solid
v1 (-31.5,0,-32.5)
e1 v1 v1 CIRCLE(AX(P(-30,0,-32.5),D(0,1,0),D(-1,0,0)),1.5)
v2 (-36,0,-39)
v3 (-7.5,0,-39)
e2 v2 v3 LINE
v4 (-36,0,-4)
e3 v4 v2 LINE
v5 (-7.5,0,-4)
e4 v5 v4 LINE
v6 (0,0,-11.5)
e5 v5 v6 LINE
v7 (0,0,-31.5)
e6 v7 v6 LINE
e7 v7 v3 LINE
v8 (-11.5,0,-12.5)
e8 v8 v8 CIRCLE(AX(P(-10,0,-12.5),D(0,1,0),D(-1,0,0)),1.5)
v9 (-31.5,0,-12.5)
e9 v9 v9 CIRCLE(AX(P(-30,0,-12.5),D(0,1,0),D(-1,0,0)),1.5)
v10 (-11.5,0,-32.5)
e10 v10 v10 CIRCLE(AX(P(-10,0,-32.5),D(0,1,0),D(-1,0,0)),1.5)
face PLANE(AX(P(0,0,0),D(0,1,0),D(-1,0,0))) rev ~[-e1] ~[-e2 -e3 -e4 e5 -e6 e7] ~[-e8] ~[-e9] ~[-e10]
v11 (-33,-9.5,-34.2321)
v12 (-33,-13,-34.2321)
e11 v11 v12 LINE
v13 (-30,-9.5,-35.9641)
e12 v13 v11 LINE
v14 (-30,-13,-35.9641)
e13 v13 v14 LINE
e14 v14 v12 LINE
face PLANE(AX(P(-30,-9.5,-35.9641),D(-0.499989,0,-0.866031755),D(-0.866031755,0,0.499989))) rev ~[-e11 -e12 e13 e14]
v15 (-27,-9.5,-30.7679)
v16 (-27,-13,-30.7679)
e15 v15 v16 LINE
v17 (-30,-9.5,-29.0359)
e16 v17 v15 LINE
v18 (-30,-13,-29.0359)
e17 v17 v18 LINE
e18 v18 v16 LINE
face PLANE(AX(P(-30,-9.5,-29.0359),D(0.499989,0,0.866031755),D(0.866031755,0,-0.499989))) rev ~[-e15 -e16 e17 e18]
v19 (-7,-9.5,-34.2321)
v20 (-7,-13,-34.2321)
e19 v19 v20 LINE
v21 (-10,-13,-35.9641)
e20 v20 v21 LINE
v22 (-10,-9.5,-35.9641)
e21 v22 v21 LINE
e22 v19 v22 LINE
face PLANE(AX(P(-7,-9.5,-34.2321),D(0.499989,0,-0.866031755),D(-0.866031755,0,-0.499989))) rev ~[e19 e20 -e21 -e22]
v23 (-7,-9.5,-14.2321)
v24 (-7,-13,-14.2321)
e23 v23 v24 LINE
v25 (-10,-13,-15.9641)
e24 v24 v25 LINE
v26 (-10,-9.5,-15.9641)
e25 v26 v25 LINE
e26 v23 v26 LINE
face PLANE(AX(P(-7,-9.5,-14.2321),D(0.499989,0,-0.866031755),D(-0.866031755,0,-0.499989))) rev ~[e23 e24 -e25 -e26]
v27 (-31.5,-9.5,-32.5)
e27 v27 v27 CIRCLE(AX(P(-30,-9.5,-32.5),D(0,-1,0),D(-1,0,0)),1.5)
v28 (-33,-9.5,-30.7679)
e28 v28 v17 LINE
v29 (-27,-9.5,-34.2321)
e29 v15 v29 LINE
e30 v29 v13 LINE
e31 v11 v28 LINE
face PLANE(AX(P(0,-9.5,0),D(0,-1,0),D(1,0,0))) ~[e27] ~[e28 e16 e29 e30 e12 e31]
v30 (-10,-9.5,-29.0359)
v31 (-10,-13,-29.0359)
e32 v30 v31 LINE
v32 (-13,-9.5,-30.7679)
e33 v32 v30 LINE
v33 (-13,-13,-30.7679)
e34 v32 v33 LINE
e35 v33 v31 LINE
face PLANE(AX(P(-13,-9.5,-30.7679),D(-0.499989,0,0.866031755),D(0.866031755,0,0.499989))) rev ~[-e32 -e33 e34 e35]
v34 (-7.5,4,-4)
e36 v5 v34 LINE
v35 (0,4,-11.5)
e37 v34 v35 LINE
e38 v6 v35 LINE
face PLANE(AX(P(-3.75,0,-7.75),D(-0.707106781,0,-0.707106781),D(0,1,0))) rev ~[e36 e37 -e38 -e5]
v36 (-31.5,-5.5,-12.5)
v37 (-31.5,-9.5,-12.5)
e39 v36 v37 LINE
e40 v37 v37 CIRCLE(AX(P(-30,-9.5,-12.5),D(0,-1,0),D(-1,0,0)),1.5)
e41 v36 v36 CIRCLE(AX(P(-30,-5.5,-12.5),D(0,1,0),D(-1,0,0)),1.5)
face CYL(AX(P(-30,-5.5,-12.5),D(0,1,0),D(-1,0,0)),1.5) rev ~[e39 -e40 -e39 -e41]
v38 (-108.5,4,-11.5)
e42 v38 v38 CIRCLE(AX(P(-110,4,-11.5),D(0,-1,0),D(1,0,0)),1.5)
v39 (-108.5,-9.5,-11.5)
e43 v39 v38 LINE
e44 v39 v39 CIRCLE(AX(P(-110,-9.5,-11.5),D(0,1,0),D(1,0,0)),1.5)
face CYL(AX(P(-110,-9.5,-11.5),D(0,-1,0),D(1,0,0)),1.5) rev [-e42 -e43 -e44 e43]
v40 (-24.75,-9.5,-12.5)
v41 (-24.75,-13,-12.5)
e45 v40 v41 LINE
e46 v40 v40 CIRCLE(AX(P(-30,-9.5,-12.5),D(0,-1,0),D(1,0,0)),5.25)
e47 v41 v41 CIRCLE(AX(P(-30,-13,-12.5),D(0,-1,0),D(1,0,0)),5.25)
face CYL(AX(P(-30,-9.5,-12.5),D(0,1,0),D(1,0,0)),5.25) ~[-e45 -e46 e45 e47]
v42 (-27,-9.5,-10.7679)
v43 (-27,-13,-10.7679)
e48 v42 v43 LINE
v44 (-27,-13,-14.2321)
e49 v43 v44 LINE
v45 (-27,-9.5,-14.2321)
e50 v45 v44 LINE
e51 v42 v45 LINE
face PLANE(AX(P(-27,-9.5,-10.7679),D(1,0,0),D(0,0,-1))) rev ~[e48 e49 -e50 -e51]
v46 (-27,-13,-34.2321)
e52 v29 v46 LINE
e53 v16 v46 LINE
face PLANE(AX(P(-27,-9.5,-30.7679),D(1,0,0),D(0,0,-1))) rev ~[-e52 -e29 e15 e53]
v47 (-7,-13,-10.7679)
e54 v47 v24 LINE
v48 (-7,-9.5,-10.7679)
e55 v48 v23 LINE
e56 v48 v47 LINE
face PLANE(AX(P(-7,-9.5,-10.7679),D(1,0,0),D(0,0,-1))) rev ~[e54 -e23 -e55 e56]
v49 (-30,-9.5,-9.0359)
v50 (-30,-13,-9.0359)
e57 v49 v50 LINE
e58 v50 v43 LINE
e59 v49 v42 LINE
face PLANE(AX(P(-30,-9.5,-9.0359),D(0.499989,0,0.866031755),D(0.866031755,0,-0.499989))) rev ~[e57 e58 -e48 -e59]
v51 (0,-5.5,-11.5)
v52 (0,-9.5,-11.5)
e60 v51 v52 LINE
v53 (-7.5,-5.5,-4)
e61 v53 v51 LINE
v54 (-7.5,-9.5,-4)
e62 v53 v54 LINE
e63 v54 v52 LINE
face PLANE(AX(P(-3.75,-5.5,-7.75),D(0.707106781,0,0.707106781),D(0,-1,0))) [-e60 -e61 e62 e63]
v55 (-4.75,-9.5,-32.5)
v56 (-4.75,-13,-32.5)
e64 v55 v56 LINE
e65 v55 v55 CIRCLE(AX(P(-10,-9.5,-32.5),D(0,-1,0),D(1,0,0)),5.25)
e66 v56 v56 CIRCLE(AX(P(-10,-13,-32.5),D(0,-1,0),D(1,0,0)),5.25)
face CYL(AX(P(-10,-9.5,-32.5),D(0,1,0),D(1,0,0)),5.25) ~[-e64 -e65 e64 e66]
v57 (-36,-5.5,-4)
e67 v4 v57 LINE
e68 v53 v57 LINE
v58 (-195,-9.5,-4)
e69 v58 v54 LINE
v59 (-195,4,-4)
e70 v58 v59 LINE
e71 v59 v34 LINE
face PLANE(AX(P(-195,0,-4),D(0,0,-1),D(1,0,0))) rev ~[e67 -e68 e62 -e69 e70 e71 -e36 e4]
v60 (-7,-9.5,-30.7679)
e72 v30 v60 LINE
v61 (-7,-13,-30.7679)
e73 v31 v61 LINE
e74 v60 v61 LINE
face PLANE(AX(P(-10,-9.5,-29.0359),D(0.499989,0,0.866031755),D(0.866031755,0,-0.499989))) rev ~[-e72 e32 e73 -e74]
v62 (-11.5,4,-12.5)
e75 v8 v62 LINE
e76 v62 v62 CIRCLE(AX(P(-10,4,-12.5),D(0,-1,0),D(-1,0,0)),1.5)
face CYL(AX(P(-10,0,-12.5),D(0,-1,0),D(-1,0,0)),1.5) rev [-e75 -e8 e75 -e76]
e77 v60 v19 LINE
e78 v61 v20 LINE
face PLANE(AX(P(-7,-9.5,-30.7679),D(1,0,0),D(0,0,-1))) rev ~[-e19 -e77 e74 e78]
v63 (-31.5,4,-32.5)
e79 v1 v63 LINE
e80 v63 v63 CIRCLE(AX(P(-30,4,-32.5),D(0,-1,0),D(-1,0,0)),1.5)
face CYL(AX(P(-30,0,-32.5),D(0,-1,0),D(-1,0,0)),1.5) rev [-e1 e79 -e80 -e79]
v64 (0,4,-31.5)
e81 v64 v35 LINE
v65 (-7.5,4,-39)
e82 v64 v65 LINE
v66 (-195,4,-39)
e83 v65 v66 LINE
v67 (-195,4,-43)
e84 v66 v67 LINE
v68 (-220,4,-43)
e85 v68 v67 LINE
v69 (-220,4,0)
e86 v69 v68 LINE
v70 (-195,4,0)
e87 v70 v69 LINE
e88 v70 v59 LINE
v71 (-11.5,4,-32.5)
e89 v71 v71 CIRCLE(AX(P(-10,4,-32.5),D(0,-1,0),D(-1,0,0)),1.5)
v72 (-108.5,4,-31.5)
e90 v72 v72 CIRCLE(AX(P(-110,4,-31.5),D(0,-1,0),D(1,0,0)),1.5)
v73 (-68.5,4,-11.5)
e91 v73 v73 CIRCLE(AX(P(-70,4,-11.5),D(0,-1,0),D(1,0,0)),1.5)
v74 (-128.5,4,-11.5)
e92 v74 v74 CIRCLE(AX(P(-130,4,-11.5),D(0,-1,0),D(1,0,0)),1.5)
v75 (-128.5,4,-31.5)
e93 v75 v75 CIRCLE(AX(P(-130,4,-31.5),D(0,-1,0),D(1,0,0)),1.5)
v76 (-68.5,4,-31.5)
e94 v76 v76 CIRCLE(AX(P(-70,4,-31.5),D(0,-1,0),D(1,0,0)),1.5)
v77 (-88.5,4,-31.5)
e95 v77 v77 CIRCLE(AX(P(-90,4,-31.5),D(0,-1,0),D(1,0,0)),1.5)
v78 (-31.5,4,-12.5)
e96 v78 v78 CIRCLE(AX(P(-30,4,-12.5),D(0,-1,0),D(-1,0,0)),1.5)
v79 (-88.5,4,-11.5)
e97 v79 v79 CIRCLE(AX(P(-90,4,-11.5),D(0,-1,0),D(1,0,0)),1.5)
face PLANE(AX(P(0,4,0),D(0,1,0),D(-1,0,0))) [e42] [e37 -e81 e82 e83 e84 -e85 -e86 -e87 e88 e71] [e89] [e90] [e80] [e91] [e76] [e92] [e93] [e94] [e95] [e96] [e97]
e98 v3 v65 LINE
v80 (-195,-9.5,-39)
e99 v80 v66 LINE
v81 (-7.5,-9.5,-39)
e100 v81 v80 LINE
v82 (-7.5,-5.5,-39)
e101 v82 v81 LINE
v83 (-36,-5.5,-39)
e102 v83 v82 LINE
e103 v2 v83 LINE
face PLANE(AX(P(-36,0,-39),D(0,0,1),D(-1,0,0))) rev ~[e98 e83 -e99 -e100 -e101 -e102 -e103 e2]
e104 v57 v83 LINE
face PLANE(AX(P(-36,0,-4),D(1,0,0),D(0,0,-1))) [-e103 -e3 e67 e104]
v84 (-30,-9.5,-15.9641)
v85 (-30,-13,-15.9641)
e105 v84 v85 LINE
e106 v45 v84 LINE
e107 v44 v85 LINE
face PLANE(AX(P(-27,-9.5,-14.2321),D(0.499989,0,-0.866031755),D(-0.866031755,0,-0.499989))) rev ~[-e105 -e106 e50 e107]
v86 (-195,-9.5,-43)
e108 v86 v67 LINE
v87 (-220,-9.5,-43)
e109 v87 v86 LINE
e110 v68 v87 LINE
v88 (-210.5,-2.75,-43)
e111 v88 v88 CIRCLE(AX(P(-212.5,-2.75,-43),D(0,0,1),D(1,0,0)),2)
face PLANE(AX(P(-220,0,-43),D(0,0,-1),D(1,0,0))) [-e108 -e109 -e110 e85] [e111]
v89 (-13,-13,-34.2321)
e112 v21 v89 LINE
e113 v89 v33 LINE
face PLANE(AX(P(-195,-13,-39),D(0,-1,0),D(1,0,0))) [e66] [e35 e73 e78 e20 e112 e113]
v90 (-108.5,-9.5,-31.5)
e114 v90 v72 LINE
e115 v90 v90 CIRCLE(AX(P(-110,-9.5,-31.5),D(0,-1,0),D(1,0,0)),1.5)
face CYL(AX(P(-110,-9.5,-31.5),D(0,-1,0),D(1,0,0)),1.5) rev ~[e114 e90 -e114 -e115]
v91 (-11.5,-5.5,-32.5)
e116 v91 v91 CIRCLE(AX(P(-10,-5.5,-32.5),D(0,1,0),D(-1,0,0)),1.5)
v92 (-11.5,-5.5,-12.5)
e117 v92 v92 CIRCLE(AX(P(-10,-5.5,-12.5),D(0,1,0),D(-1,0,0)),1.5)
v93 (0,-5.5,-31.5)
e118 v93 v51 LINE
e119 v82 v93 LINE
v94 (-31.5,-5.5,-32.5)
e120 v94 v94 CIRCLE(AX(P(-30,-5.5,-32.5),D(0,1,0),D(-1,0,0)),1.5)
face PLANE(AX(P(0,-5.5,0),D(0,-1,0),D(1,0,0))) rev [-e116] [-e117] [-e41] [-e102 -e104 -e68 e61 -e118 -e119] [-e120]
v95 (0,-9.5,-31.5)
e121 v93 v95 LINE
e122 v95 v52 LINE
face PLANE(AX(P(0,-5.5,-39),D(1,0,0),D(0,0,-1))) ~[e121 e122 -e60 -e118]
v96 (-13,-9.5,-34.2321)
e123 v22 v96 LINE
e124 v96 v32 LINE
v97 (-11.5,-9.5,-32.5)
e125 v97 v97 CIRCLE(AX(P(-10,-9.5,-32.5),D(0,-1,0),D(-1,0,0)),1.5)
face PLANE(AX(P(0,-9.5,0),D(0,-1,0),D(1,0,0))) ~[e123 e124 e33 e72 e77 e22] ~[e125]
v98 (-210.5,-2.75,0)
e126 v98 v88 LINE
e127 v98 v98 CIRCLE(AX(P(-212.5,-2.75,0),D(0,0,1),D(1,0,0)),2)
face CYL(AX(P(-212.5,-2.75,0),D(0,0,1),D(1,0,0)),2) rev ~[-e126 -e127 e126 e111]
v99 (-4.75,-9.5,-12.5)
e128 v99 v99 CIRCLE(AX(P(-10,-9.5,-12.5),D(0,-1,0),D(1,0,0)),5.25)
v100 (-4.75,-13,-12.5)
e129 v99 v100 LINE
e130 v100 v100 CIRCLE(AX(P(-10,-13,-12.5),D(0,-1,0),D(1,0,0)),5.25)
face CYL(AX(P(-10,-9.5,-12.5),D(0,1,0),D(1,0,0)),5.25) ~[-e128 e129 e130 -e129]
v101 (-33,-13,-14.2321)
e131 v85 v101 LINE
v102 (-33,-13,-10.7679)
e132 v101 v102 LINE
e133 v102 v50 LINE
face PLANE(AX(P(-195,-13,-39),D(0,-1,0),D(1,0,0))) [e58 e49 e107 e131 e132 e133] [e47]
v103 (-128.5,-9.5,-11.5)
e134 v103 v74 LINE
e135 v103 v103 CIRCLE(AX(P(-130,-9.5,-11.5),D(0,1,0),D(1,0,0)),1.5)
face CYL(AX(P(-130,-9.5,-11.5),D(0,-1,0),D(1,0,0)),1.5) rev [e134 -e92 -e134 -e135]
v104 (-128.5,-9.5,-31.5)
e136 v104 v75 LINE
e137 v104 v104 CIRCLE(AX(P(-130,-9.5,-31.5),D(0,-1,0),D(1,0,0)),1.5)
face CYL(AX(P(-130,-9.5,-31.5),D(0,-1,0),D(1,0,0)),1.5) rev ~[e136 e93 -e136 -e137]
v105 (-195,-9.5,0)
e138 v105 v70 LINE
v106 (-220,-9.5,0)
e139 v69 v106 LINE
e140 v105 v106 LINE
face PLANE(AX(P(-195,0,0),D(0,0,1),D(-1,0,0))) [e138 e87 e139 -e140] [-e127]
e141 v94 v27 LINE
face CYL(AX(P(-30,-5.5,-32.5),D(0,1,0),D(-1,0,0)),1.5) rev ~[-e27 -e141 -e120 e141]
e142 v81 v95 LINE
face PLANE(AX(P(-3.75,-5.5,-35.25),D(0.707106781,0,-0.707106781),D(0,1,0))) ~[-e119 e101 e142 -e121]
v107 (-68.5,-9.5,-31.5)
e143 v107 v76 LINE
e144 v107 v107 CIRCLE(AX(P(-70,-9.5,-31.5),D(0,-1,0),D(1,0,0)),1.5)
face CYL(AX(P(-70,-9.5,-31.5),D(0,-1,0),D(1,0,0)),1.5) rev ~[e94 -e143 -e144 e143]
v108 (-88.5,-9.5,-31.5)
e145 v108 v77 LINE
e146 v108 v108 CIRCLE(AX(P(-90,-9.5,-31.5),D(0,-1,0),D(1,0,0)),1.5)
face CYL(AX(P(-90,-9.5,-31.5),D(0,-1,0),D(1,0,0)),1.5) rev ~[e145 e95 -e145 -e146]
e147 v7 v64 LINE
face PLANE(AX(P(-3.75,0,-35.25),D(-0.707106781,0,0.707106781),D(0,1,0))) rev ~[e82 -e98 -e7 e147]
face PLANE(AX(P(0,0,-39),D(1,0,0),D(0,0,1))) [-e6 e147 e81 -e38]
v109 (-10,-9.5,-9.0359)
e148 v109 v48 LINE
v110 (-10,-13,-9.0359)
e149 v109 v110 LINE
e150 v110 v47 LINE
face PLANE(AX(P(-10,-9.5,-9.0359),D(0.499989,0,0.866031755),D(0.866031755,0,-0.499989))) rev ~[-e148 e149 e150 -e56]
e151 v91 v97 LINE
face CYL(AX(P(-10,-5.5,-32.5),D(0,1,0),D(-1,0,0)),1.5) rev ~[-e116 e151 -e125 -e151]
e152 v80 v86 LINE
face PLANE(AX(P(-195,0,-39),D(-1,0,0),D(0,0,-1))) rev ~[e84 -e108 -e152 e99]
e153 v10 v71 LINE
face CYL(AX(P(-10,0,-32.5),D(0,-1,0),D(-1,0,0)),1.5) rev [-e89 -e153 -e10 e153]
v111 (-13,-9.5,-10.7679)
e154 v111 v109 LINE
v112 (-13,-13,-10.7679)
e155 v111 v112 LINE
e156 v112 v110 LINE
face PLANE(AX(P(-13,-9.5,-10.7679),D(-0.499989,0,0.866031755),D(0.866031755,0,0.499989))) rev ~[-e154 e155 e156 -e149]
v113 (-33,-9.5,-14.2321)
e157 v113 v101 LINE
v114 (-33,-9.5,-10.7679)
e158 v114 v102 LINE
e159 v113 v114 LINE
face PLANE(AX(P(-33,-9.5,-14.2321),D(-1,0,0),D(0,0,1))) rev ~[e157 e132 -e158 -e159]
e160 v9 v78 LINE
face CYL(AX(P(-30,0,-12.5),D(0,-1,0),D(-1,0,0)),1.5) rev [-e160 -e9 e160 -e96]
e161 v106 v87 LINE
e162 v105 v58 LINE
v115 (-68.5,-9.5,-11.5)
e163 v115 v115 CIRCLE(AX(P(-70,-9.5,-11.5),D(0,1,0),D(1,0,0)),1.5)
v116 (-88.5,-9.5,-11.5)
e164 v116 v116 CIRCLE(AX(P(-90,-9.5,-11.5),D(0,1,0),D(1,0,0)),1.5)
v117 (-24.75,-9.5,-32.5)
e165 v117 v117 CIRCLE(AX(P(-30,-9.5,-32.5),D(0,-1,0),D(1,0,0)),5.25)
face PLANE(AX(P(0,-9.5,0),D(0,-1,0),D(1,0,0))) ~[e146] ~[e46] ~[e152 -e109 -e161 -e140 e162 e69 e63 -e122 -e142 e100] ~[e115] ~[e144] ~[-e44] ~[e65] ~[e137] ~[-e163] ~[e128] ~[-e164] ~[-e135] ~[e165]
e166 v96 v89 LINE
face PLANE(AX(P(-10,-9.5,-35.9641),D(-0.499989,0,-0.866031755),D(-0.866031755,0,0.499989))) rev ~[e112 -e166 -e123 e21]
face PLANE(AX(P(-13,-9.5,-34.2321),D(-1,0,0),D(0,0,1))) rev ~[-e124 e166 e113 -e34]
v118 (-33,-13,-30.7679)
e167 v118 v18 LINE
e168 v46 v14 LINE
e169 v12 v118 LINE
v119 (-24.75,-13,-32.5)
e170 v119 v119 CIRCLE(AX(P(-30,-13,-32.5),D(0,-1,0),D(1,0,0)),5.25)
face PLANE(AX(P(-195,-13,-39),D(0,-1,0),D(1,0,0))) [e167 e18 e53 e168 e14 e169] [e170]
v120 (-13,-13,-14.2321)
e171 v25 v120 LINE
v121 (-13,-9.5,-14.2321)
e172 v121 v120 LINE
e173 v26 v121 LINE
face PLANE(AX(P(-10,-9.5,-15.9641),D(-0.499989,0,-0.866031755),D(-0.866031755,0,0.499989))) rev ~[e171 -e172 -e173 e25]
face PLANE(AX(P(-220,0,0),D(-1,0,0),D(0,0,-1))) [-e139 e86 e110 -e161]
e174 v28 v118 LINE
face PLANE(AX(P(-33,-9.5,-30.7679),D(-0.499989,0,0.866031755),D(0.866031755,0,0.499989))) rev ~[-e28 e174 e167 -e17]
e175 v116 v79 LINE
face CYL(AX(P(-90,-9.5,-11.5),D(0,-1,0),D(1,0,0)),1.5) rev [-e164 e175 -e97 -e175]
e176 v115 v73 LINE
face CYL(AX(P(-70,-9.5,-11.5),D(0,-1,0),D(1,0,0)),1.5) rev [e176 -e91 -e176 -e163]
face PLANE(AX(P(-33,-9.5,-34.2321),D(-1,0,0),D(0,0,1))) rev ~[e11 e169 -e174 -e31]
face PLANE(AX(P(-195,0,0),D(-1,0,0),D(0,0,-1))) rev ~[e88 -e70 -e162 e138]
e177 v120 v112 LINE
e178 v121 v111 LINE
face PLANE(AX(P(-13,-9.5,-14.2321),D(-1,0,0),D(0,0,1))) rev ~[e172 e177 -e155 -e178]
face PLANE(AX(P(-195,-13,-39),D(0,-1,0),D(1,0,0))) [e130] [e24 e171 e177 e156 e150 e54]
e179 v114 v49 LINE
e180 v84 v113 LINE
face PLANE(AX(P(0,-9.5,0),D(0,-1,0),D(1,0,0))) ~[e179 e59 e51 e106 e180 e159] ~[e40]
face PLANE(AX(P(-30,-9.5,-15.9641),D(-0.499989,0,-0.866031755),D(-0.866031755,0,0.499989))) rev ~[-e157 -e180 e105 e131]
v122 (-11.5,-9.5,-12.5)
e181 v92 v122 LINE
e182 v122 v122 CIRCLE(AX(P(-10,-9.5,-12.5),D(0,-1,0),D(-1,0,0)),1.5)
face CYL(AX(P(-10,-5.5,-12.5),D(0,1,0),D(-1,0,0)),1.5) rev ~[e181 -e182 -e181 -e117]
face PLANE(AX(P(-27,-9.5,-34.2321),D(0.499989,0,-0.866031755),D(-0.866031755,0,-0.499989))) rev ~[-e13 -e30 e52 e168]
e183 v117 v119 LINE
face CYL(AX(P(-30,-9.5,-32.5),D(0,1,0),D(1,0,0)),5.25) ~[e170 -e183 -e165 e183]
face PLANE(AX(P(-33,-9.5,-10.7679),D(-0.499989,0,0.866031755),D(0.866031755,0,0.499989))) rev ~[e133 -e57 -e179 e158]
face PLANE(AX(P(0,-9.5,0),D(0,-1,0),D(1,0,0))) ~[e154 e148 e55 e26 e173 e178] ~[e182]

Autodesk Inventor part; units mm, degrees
sketch "Sketch1" plane through (0, 0, 0) normal (0, 1, 0) x (-1, 0, 0)
  line L0 (0, 0) -> (220, 0)
  line L1 (220, 0) -> (220, -43)
  line L2 (220, -43) -> (0, -43)
  line L3 (0, -43) -> (0, 0)
  line L4 (10, -12.5) -> (30, -12.5)
  line L5 (30, -12.5) -> (30, -32.5)
  line L6 (30, -32.5) -> (10, -32.5)
  line L7 (10, -32.5) -> (10, -12.5)
  circle A0 centre (10, -12.5) radius 1.5
  circle A1 centre (30, -32.5) radius 1.5
  circle A2 centre (30, -12.5) radius 1.5
  circle A3 centre (10, -32.5) radius 1.5
  line L8 (220, 0) -> (195, 0)
  line L9 (195, 0) -> (195, -43)
  line L10 (195, -43) -> (220, -43)
  line L11 (220, -43) -> (220, 0)
  line L12 (195, -4) -> (0, -4)
  line L13 (0, -4) -> (0, -39)
  line L14 (0, -39) -> (195, -39)
  line L15 (195, -39) -> (195, -4)
  line L16 (36, -4) -> (36, -39)
  point P0 (195, 0)
  point P1 (0, -4)
  dimension "d0" = 220
  dimension "d1" = 43
  dimension "d2" = 20
  dimension "d3" = 20
  dimension "d4" = 12.5
  dimension "d5" = 10
  dimension "d6" = 3
  dimension "d7" = 3
  dimension "d8" = 3
  dimension "d9" = 3
  dimension "d18" = 4
  dimension "d19" = 4
  dimension "d23" = 36
  dimension "d66" = 25
extrude "Extrusion1" add sketch "Sketch1" along normal blind 4 contours L0 L1 L2 L9 | L12 L16 L14 L3 | L9 L14 L16 L12 | L4 A2 L5 A1 L6 A3 L7 A0
extrude "Extrusion2" add sketch "Sketch1" against normal blind 5.5 contours L0 L1 L2 L9 | L9 L14 L16 L12
ref_plane "Work Plane1" through (0, -2.75, 0) normal (0, -1, 0) x (1, 0, 0)
mirror "Mirror1" about plane through (0, -2.75, 0) normal (0, -1, 0) of "Extrusion1"
chamfer "Chamfer1" distance 7.5 angle 45 4 edges at (0, 2, -4) (0, -7.5, -4) (0, -7.5, -39) (0, 2, -39)
ref_plane "Work Plane2" through (-152.5, -8.5, -20) normal (0, 0, -1) x (-1, 0, 0)
sketch "Sketch5" plane through (-195, -9.5, -39) normal (0, -1, 0) x (1, 0, 0)
  circle A0 centre (165, 26.5) radius 1.5 projected
  line L0 (165, 29.9641) -> (168, 28.2321)
  line L1 (168, 28.2321) -> (168, 24.7679)
  line L2 (168, 24.7679) -> (165, 23.0359)
  line L3 (165, 23.0359) -> (162, 24.7679)
  line L4 (162, 24.7679) -> (162, 28.2321)
  line L5 (162, 28.2321) -> (165, 29.9641)
  circle A1 centre (185, 26.5) radius 1.5 projected
  line L6 (185, 29.9641) -> (188, 28.2321)
  line L7 (188, 28.2321) -> (188, 24.7679)
  line L8 (188, 24.7679) -> (185, 23.0359)
  line L9 (185, 23.0359) -> (182, 24.7679)
  line L10 (182, 24.7679) -> (182, 28.2321)
  line L11 (182, 28.2321) -> (185, 29.9641)
  circle A2 centre (185, 6.5) radius 1.5 projected
  line L12 (185, 9.9641) -> (188, 8.2321)
  line L13 (188, 8.2321) -> (188, 4.7679)
  line L14 (188, 4.7679) -> (185, 3.0359)
  line L15 (185, 3.0359) -> (182, 4.7679)
  line L16 (182, 4.7679) -> (182, 8.2321)
  line L17 (182, 8.2321) -> (185, 9.9641)
  circle A3 centre (165, 6.5) radius 1.5 projected
  line L18 (165, 9.9641) -> (168, 8.2321)
  line L19 (168, 8.2321) -> (168, 4.7679)
  line L20 (168, 4.7679) -> (165, 3.0359)
  line L21 (165, 3.0359) -> (162, 4.7679)
  line L22 (162, 4.7679) -> (162, 8.2321)
  line L23 (162, 8.2321) -> (165, 9.9641)
  circle A4 centre (165, 26.5) radius 5.25
  circle A5 centre (185, 26.5) radius 5.25
  circle A6 centre (185, 6.5) radius 5.25
  circle A7 centre (165, 6.5) radius 5.25
  point P0 (195, 39)
  dimension "d44" = 6
  dimension "d45" = 6
  dimension "d46" = 6
  dimension "d47" = 6
  dimension "d48" = 10.5
  dimension "d49" = 10.5
  dimension "d50" = 10.5
  dimension "d51" = 10.5
extrude "Extrusion5" add sketch "Sketch5" along normal blind 3.5 contours A4 | A5 | A6 | A7
sketch "Sketch6" plane through (-195, -9.5, -39) normal (0, -1, 0) x (1, 0, 0)
  circle A0 centre (65, 7.5) radius 1.5
  line L0 (187.5, 0) -> (0, 0) projected
  line L1 (0, 0) -> (0, -4) projected
  circle A1 centre (85, 7.5) radius 1.5
  circle A2 centre (105, 7.5) radius 1.5
  circle A3 centre (125, 7.5) radius 1.5
  point P0 (195, 39)
  point P1 (0, -5)
  dimension "d54" = 3
  dimension "d55" = 7.5
  dimension "d56" = 65
  dimension "d59" = 20
extrude "Extrusion6" cut sketch "Sketch6" against normal blind 33.25
ref_plane "Work Plane3" through (-195, -9.5, -21.5) normal (0, 0, -1) x (-1, 0, 0)
mirror "Mirror2" about plane through (-195, -9.5, -21.5) normal (0, 0, -1) of "Extrusion6"
sketch "Sketch7" plane through (-220, 4, 0) normal (0, 0, 1) x (1, 0, 0)
  point P0 (220, -4)
ref_plane "Work Plane4" through (-195, -9.5, -21.5) normal (0, 0, 1) x (1, 0, 0)
sketch "Sketch9" plane through (-220, 4, 0) normal (0, 0, 1) x (1, 0, 0)
  circle A0 centre (7.5, -6.75) radius 2
  line L0 (0, -13.5) -> (0, 0) projected
  line L1 (0, 0) -> (25, 0) projected
  point P0 (220, -4)
  dimension "d75" = 4
  dimension "d76" = 7.5
  dimension "d77" = 6.75
extrude "Extrusion8" cut sketch "Sketch9" against normal blind 73.25
properties part number "RobotBaseMotorExt"
